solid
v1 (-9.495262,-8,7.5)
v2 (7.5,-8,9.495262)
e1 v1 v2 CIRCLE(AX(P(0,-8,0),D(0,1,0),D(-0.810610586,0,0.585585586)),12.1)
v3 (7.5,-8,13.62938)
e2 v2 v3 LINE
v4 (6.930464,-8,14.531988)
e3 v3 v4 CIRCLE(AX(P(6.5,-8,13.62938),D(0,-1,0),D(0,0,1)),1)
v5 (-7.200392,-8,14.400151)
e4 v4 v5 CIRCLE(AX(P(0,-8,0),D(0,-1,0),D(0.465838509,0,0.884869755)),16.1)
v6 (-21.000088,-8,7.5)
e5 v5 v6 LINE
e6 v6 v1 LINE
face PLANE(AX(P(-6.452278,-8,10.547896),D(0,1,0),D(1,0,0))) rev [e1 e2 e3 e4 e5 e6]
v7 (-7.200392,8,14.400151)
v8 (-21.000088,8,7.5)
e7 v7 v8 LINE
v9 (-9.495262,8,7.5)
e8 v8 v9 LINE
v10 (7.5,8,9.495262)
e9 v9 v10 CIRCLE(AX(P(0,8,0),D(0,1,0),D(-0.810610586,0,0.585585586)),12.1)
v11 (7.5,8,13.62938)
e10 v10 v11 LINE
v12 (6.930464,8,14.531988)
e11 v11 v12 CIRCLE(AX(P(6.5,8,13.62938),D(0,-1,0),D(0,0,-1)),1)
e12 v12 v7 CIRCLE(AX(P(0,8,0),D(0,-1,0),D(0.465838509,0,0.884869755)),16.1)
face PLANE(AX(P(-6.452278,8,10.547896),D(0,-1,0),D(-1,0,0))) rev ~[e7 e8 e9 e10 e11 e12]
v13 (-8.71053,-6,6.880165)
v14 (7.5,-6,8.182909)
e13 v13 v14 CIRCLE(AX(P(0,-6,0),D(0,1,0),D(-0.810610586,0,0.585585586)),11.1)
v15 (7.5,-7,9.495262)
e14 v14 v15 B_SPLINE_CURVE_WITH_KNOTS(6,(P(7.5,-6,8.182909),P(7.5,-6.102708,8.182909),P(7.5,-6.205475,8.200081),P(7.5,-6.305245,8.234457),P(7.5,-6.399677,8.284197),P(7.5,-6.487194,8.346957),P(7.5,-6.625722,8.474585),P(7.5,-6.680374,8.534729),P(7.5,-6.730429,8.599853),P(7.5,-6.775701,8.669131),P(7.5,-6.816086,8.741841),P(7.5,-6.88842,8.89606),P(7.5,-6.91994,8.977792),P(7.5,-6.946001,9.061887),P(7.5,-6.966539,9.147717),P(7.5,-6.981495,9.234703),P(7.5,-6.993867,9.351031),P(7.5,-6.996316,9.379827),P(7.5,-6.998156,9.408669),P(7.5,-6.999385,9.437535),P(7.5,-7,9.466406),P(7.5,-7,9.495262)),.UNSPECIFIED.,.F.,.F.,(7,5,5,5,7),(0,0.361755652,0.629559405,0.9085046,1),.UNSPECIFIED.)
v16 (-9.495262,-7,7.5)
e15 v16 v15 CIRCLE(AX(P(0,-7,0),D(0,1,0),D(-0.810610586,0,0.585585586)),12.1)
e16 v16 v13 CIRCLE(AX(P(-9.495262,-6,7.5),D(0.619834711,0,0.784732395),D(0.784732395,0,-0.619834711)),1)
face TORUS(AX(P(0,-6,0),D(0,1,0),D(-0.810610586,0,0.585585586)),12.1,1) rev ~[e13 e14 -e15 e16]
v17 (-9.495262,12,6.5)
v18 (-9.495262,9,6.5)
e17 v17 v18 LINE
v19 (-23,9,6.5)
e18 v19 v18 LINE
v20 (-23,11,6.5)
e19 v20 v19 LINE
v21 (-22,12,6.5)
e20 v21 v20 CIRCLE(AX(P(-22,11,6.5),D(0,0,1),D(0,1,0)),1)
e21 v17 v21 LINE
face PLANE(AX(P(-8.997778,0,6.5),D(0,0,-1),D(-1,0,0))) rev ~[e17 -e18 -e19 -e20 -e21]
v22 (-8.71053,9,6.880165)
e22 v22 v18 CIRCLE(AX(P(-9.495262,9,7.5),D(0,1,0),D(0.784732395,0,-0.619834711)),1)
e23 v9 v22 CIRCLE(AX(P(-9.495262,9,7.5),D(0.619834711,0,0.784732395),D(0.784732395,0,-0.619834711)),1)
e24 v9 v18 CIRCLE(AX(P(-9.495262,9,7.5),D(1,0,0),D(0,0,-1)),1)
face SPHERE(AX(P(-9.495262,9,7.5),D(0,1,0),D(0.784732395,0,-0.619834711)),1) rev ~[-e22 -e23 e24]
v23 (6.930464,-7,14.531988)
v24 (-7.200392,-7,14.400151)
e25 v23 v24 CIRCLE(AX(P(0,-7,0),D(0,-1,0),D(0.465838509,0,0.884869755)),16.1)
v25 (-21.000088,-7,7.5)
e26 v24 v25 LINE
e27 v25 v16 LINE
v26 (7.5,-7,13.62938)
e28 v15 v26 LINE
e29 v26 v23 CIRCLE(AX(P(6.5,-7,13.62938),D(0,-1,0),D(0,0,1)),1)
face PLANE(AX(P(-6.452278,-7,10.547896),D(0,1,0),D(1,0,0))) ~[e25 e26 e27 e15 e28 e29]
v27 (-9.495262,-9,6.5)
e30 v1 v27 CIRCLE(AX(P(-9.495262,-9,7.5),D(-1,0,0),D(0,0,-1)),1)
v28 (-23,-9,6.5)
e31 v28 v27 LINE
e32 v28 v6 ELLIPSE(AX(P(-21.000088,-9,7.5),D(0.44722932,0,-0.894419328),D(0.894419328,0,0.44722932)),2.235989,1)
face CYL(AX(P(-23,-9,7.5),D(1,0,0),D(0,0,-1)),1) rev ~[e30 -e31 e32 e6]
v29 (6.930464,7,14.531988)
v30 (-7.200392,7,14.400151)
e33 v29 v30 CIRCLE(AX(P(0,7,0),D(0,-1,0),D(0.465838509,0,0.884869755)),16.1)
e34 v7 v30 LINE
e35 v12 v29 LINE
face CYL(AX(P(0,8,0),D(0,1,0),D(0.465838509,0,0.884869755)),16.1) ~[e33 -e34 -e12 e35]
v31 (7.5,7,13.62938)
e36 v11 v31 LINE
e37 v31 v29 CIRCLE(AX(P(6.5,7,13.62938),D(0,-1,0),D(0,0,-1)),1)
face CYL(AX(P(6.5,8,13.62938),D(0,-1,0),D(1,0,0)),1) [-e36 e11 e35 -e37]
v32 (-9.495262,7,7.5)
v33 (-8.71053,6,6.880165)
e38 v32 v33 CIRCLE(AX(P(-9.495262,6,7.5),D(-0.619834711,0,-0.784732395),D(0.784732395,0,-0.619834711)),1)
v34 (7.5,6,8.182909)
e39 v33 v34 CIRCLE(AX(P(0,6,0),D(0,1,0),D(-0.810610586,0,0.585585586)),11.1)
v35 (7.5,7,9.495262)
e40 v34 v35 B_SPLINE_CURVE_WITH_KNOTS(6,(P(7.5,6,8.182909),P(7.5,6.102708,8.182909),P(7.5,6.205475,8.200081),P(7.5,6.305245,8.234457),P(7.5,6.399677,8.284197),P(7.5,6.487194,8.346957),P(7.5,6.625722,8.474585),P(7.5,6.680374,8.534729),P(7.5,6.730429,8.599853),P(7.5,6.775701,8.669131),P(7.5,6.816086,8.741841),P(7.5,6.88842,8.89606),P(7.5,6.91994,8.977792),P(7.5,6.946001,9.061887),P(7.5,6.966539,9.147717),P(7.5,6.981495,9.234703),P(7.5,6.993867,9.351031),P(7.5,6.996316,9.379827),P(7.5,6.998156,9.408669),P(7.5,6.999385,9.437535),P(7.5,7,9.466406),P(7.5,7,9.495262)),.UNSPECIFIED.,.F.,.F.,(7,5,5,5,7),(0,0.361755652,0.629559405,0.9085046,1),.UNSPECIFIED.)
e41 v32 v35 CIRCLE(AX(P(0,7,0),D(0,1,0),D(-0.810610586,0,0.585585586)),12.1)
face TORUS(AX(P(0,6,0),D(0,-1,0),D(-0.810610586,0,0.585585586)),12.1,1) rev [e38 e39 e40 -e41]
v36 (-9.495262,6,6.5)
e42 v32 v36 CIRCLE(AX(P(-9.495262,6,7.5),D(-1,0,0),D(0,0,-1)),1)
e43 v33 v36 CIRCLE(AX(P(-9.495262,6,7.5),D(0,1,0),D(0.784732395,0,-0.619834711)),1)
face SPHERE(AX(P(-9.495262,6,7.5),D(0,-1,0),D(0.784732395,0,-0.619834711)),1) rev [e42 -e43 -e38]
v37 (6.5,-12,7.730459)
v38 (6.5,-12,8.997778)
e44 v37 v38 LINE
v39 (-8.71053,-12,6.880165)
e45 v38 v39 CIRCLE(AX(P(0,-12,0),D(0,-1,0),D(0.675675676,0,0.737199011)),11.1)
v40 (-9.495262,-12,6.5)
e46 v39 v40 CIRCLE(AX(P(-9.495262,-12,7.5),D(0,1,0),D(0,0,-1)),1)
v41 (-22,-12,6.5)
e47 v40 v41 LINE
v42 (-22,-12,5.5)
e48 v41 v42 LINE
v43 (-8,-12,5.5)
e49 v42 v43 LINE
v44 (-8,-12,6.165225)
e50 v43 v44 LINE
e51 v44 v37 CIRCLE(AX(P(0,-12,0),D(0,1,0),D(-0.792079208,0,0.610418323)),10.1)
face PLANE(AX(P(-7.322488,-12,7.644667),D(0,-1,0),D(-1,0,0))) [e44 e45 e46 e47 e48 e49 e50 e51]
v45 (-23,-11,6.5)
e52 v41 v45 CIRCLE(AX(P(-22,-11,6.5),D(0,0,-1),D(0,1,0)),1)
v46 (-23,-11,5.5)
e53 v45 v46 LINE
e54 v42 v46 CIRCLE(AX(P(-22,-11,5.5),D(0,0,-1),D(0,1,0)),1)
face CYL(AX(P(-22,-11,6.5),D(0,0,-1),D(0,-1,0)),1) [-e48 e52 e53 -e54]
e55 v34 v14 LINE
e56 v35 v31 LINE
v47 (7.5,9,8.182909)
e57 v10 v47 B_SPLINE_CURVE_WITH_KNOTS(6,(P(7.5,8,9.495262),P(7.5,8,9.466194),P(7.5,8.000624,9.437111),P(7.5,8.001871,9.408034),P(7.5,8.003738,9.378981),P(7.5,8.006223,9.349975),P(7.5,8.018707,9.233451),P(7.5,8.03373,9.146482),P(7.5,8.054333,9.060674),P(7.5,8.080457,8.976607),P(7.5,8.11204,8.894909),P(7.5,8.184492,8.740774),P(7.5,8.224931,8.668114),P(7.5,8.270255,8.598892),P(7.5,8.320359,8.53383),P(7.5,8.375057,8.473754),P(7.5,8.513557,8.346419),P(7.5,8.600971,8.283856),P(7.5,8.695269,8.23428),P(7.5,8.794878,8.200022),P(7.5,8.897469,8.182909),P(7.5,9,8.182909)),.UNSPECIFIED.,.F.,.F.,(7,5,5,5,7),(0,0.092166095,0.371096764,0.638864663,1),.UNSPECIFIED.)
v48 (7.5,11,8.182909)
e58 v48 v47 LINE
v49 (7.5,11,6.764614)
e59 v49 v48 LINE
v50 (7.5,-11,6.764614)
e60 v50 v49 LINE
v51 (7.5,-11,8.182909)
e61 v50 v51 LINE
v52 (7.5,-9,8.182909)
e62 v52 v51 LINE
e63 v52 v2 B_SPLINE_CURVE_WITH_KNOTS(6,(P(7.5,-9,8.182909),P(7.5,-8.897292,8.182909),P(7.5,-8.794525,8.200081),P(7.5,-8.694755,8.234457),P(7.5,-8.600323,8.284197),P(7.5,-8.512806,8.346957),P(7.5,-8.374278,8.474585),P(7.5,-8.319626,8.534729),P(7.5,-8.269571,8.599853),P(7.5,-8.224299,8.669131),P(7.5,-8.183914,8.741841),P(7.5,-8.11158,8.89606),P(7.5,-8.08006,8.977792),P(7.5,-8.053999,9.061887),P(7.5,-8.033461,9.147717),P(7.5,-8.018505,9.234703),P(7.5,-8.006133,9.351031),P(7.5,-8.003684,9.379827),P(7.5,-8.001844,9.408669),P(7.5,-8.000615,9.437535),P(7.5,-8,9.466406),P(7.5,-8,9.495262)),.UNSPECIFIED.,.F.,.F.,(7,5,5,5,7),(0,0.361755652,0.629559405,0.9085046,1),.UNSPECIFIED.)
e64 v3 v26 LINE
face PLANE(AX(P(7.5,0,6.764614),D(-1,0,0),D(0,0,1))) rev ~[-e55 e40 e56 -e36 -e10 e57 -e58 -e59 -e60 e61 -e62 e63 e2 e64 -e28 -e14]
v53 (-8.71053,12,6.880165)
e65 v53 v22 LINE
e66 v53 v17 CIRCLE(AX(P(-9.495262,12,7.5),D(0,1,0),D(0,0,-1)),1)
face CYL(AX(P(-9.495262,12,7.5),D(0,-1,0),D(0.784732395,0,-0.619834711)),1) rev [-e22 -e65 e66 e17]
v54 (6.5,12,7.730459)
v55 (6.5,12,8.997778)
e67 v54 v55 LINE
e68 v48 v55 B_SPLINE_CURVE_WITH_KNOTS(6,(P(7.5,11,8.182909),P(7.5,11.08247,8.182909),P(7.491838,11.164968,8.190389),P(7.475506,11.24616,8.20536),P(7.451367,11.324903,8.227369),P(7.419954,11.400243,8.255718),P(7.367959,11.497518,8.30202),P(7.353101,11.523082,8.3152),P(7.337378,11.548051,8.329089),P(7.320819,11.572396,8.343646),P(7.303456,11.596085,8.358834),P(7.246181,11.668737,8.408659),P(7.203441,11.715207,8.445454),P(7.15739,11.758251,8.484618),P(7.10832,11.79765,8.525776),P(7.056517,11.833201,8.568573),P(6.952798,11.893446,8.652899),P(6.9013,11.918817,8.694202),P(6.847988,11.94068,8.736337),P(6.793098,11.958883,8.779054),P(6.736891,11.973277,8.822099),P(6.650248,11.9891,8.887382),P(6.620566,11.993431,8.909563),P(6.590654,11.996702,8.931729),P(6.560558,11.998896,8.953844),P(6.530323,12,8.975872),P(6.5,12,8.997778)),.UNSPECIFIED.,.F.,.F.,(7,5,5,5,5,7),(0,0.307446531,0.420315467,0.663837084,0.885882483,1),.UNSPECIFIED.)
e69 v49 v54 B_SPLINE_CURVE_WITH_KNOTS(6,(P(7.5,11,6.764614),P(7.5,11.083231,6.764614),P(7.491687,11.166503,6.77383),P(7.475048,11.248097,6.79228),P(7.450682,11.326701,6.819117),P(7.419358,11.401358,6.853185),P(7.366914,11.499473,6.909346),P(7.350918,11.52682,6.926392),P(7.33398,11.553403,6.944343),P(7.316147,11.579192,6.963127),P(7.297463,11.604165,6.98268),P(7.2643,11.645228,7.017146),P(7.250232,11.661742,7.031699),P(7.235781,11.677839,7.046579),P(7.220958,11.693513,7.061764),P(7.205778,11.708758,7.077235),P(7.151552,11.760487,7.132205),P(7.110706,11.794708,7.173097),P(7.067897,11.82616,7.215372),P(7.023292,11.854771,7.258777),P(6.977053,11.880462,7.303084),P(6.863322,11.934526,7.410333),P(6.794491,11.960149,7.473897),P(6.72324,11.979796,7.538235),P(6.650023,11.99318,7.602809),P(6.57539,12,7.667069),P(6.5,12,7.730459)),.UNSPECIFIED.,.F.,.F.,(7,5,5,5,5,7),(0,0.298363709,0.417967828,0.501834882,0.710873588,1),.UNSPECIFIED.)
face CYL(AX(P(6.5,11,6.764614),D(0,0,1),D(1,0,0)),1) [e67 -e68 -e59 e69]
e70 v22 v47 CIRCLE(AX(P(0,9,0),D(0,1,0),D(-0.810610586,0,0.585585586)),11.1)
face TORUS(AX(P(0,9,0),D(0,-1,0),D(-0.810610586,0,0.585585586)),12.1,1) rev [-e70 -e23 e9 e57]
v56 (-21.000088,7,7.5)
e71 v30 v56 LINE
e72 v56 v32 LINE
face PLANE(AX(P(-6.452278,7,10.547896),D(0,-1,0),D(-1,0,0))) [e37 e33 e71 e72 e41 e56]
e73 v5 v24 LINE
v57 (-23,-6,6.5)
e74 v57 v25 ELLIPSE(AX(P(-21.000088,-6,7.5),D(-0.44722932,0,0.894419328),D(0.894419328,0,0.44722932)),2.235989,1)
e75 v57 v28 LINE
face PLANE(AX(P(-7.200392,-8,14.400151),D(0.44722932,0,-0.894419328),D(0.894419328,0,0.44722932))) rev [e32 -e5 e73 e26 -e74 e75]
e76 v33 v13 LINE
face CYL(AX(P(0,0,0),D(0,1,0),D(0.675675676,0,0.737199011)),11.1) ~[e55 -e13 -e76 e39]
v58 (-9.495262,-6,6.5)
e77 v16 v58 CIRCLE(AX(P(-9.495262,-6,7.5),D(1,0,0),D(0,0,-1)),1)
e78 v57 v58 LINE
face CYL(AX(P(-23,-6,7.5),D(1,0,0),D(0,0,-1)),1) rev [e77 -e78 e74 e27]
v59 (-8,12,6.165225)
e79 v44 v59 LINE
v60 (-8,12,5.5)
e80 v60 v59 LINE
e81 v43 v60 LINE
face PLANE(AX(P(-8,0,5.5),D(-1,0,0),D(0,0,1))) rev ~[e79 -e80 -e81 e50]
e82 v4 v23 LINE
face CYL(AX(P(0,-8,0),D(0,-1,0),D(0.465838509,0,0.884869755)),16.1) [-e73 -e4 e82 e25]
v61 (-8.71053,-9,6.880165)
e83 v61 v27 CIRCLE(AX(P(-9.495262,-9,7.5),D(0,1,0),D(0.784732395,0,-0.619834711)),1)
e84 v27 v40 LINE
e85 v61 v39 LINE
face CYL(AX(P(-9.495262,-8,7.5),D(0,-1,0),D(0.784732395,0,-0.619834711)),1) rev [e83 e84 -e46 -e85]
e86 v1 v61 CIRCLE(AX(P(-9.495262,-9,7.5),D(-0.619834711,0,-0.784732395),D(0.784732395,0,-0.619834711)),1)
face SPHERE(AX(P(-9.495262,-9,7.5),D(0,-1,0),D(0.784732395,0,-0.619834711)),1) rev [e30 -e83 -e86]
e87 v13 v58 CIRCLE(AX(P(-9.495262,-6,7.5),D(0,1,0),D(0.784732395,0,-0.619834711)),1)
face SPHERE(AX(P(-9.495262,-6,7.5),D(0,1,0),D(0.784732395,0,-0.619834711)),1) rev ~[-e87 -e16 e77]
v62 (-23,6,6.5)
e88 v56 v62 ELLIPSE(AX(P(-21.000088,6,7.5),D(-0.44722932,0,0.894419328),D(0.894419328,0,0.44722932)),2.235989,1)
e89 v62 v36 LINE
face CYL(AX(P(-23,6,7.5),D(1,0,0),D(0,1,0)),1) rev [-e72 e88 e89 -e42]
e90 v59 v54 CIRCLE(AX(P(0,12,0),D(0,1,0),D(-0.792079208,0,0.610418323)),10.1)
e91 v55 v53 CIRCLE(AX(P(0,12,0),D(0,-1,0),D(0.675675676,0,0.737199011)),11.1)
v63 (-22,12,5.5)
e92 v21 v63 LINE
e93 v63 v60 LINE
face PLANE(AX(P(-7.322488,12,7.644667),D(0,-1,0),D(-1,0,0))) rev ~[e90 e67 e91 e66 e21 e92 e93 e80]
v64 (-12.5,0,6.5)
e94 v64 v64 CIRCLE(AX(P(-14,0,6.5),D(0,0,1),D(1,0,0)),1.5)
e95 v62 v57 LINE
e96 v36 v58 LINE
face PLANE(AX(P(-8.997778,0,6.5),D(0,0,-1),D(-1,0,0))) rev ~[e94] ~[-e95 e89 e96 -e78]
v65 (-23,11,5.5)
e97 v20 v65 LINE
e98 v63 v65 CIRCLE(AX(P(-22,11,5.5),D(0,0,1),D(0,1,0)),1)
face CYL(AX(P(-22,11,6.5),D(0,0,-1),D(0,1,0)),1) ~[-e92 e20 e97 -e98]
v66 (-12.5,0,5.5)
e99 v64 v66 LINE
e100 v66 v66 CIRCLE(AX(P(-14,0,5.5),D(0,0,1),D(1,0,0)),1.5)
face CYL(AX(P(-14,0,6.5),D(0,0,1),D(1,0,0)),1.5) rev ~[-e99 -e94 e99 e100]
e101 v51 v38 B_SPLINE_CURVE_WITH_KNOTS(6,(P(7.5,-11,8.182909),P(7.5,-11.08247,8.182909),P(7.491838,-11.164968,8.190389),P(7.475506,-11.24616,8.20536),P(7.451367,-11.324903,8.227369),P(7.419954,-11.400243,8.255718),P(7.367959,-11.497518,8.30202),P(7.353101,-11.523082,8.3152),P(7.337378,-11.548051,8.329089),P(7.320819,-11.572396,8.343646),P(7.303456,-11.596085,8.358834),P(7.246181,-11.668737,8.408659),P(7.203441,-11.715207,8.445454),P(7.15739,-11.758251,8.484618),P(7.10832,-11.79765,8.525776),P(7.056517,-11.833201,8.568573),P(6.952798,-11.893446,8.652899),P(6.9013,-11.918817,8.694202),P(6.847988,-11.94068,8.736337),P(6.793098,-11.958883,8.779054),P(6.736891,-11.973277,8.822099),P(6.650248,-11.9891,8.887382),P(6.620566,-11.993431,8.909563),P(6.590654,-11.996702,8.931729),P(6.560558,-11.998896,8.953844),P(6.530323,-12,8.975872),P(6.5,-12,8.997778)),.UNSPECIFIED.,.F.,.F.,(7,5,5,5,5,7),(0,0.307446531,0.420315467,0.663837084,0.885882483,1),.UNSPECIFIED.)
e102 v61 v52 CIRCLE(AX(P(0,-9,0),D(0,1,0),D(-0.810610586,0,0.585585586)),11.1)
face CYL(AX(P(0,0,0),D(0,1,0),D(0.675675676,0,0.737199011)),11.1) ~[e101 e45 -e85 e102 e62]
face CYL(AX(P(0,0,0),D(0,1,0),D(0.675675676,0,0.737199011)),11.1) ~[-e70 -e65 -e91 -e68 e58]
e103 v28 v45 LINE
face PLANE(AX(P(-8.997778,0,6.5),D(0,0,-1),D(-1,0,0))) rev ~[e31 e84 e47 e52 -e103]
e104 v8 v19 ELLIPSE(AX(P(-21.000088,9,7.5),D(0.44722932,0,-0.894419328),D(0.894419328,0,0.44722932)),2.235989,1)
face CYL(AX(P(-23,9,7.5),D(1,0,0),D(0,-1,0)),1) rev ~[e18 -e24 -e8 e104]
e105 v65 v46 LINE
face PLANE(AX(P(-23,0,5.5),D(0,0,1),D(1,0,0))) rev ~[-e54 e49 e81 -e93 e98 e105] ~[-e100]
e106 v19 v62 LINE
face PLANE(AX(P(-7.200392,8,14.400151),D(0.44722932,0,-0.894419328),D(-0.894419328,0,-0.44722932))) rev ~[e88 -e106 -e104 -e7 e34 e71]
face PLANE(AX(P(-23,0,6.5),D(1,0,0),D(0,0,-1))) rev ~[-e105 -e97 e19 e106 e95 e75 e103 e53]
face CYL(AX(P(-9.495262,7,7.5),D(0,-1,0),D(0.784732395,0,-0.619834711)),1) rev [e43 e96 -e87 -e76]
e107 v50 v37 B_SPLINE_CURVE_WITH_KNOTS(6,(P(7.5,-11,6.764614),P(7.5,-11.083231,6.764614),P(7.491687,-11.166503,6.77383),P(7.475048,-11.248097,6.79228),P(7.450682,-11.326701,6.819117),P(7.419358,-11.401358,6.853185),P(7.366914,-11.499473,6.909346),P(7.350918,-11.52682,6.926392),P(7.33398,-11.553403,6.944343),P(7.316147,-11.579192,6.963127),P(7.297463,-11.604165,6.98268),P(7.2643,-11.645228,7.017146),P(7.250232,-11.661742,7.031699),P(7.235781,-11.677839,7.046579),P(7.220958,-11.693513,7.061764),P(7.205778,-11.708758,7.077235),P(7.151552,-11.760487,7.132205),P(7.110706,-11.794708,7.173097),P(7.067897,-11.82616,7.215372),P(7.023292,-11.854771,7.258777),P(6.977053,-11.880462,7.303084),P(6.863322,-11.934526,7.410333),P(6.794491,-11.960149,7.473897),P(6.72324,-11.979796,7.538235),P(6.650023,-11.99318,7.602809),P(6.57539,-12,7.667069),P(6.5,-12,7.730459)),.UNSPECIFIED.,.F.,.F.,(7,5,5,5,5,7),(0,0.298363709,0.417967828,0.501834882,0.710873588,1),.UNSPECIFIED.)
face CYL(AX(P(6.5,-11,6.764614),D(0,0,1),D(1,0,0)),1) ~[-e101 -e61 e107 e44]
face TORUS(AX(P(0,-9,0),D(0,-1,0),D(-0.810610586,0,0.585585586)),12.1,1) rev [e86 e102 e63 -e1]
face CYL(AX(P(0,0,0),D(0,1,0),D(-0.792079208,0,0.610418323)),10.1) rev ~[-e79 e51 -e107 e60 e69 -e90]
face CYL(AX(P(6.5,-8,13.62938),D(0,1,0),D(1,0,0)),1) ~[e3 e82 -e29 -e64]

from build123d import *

# Parameters (mm, degrees)
BOSS_EXTRU_1_DEPTH      = 12
BOSS_EXTRU_2_START      = -4
BOSS_EXTRU_2_DEPTH      = 1
CONG_1_R                = 1
ESQUISSE3_R             = 1.5
ENL_V_MAT_EXTRU_1_DEPTH = 28.66152567


with BuildPart() as part:
    # Esquisse1 → Boss.-Extru.1 (new, symmetric)
    with BuildSketch(Plane(origin=(0, 0, 0), x_dir=(1, 0, 0), z_dir=(0, 1, 0))):
        with BuildLine():
            Line((7.5, -6.76461381), (7.5, -8.182909018))
            ThreePointArc((7.5, -8.182909018), (-1.126445761, -11.042695321), (-8.997777503, -6.5))
            Line((-8.997777503, -6.5), (-23, -6.5))
            Line((-23, -6.5), (-23, -5.5))
            Line((-23, -5.5), (-8, -5.5))
            Line((-8, -5.5), (-8, -6.165225057))
            ThreePointArc((-8, -6.165225057), (-0.390277747, -10.092456751), (7.5, -6.76461381))
        make_face()
    extrude(amount=BOSS_EXTRU_1_DEPTH, both=True)

    # Esquisse2 → Boss.-Extru.2 (add)
    with BuildSketch(Plane(origin=(0, 12, 0), x_dir=(1, 0, 0), z_dir=(0, 1, 0)).offset(BOSS_EXTRU_2_START)):
        with BuildLine():
            Line((7.5, -8.182909018), (7.5, -14.246403055))
            ThreePointArc((7.5, -14.246403055), (0.168377113, -16.099119515), (-7.200392055, -14.400151188))
            Line((-7.200392055, -14.400151188), (-23, -6.5))
            Line((-23, -6.5), (-8.997777503, -6.5))
            ThreePointArc((-8.997777503, -6.5), (-1.126445761, -11.042695321), (7.5, -8.182909018))
        make_face()
    boss_extru_2 = extrude(amount=-BOSS_EXTRU_2_DEPTH)

    # Symétrie1: Boss.-Extru.2 across plane
    add(boss_extru_2.mirror(Plane.ZX))

    # Congé1
    cong_1_edges = [part.edges().sort_by_distance(p)[0] for p in [
        (-8.997777503, 10, 6.5),
        (7.5, 12, 7.473761414),
        (-8.997777503, 0, 6.5),
        (-1.126445761, 7, 11.042695321),
        (7.5, 7.5, 14.246403055),
        (-15.998888752, 7, 6.5),
        (-1.126445761, 8, 11.042695321),
        (-15.998888752, 8, 6.5),
        (-8.997777503, -10, 6.5),
        (-23, 12, 6),
        (-1.126445761, -8, 11.042695321),
        (-15.998888752, -8, 6.5),
        (7.5, -7.5, 14.246403055),
        (-1.126445761, -7, 11.042695321),
        (-15.998888752, -7, 6.5),
        (7.5, -12, 7.473761414),
        (-23, -12, 6),
    ]]
    fillet(cong_1_edges, radius=CONG_1_R)

    # Esquisse3 → Enlèv. mat.-Extru.1 (cut, through all)
    with BuildSketch(Plane.XY.offset(6.5)):
        with Locations((-14, 0)):
            Circle(ESQUISSE3_R)
    extrude(amount=-ENL_V_MAT_EXTRU_1_DEPTH, mode=Mode.SUBTRACT)


solid = part.part
